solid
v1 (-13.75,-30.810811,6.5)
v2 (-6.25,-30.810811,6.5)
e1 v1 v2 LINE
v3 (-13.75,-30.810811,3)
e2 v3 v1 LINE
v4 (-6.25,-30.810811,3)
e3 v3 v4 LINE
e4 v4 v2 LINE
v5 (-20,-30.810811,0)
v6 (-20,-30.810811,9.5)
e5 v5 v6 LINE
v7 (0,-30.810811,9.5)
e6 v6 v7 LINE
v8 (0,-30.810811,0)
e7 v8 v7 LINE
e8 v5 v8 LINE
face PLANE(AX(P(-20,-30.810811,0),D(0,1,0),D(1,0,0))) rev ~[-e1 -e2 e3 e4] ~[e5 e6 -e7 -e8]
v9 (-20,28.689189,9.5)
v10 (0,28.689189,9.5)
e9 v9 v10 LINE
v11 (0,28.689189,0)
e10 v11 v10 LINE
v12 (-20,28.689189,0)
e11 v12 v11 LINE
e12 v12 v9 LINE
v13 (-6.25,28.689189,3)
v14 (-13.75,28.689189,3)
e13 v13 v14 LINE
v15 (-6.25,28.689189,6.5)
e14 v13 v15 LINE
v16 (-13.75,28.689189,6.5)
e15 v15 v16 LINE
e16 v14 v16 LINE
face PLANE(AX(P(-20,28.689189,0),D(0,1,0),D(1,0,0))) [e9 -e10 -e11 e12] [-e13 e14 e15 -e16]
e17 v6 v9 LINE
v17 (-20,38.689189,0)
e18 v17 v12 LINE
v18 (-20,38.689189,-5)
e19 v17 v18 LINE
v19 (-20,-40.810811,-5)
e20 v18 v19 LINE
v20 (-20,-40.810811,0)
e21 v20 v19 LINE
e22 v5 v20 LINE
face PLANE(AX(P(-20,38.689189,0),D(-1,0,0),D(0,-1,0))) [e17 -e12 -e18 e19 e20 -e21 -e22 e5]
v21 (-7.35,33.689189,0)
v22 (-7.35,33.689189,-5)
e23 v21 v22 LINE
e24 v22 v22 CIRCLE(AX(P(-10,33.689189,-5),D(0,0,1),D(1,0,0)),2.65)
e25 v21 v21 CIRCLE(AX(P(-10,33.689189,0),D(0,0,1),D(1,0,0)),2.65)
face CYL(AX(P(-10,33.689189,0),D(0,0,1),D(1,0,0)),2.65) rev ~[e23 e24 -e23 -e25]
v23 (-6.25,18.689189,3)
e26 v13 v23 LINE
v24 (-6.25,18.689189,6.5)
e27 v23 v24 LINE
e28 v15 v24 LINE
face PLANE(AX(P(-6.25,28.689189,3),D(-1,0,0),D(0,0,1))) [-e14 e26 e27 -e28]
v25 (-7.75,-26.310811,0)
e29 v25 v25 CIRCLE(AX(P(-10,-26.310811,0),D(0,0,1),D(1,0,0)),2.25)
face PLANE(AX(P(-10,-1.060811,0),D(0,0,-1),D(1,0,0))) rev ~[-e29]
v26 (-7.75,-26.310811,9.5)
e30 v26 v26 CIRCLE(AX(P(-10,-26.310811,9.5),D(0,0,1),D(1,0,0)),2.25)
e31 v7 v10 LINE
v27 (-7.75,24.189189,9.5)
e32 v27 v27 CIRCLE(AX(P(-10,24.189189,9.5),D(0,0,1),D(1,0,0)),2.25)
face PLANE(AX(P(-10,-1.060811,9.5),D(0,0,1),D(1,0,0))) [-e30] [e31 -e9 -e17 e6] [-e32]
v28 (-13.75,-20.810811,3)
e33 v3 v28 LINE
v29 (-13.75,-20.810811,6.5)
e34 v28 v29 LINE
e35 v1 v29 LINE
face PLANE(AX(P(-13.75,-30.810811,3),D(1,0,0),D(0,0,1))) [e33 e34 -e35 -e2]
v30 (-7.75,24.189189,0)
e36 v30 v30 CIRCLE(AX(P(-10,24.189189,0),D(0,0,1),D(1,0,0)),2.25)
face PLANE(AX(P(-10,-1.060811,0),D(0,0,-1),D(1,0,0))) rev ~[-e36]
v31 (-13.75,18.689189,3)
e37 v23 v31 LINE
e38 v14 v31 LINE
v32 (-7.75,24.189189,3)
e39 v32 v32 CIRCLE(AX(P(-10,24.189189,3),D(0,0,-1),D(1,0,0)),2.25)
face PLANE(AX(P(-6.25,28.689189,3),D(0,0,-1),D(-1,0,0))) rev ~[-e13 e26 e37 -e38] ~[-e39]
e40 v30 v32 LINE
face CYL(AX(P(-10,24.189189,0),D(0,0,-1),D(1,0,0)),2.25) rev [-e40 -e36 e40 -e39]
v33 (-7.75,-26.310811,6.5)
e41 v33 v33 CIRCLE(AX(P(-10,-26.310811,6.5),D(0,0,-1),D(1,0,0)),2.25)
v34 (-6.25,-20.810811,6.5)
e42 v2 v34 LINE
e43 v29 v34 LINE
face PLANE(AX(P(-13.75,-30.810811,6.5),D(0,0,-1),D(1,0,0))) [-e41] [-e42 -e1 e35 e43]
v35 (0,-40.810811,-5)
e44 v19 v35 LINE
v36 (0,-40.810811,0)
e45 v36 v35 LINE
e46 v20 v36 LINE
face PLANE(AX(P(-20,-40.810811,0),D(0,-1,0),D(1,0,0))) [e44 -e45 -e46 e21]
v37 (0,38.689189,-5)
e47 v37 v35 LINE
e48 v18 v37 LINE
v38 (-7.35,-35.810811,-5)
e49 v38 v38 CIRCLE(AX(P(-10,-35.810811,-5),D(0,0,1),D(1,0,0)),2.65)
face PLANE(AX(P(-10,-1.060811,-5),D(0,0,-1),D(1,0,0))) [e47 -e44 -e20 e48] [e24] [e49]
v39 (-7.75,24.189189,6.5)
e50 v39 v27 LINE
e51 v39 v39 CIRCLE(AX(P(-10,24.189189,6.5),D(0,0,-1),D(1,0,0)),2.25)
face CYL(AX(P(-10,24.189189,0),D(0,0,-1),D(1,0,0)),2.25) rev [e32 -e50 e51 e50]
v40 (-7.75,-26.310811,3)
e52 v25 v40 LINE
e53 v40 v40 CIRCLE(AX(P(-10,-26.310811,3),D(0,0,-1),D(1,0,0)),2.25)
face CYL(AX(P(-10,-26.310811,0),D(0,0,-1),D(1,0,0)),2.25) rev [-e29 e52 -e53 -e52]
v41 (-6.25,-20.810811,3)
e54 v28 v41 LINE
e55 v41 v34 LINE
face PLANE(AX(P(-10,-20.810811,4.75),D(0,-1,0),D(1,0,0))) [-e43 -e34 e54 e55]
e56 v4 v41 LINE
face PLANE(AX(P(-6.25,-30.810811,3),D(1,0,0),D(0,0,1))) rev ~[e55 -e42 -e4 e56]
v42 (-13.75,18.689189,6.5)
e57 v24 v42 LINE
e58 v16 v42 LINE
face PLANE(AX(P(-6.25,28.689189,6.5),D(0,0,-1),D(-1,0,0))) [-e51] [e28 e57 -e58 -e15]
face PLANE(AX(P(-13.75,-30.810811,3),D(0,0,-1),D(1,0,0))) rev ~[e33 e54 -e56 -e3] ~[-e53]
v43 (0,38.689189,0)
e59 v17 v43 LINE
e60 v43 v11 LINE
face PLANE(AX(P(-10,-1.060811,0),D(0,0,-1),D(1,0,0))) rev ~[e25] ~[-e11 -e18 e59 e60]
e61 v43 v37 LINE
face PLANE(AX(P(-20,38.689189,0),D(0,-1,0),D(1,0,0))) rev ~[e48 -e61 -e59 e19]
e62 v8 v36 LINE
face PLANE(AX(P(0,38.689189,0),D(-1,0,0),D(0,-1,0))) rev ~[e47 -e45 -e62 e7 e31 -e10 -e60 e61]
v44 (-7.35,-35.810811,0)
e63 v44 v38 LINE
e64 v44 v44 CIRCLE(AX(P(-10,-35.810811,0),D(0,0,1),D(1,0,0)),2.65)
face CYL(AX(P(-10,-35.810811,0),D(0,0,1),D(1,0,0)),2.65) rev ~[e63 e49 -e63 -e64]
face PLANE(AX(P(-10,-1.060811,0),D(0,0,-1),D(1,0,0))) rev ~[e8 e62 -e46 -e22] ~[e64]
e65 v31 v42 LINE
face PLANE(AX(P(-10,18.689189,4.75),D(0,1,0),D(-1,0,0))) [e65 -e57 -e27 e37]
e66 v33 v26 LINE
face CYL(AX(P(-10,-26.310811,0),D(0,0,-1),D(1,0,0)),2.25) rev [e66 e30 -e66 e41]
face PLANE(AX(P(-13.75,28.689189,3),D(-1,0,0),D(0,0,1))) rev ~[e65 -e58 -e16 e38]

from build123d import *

# Parameters (mm, degrees)
F0_W     = 20
F0_H     = 59.5
F0_R     = 2.25
F1_DEPTH = 9.5
F2_W     = 7.5
F2_H     = 3.5
F3_DEPTH = 10
F4_W     = 7.5
F4_H     = 3.5
F5_DEPTH = 10
F6_W     = 20
F6_H     = 79.5
F7_DEPTH = 5
F8_R     = 2.65
F9_DEPTH = 25


with BuildPart() as f1:
    # F0 (on Top) → F1 (new body)
    with BuildSketch(Plane.XY):
        with Locations((-10, -1.060811)):
            Rectangle(F0_W, F0_H)
        with Locations((-10, -26.310811)):
            Circle(F0_R, mode=Mode.SUBTRACT)
        with Locations((-10, 24.189189)):
            Circle(F0_R, mode=Mode.SUBTRACT)
    extrude(amount=F1_DEPTH)

    # F2 (on face) → F3 (cut)
    with BuildSketch(Plane(origin=(0, 28.689189, 0), x_dir=(-1, 0, 0), z_dir=(0, 1, 0))):
        with Locations((10, 4.75)):
            Rectangle(F2_W, F2_H)
    extrude(amount=-F3_DEPTH, mode=Mode.SUBTRACT)

    # F4 (on face) → F5 (cut)
    with BuildSketch(Plane.XZ.offset(30.810811)):
        with Locations((-10, 4.75)):
            Rectangle(F4_W, F4_H)
    extrude(amount=-F5_DEPTH, mode=Mode.SUBTRACT)

    # F6 (on face) → F7 (join)
    with BuildSketch(Plane(origin=(0, 0, 0), x_dir=(1, 0, 0), z_dir=(0, 0, -1))):
        with Locations((-10, 1.060811)):
            Rectangle(F6_W, F6_H)
    extrude(amount=F7_DEPTH)

    # F8 (on face) → F9 (cut)
    with BuildSketch(Plane.XY):
        with Locations((-10, 33.689189)):
            Circle(F8_R)
        with Locations((-10, -35.810811)):
            Circle(F8_R)
    extrude(amount=-F9_DEPTH, mode=Mode.SUBTRACT)


solid = f1.part
